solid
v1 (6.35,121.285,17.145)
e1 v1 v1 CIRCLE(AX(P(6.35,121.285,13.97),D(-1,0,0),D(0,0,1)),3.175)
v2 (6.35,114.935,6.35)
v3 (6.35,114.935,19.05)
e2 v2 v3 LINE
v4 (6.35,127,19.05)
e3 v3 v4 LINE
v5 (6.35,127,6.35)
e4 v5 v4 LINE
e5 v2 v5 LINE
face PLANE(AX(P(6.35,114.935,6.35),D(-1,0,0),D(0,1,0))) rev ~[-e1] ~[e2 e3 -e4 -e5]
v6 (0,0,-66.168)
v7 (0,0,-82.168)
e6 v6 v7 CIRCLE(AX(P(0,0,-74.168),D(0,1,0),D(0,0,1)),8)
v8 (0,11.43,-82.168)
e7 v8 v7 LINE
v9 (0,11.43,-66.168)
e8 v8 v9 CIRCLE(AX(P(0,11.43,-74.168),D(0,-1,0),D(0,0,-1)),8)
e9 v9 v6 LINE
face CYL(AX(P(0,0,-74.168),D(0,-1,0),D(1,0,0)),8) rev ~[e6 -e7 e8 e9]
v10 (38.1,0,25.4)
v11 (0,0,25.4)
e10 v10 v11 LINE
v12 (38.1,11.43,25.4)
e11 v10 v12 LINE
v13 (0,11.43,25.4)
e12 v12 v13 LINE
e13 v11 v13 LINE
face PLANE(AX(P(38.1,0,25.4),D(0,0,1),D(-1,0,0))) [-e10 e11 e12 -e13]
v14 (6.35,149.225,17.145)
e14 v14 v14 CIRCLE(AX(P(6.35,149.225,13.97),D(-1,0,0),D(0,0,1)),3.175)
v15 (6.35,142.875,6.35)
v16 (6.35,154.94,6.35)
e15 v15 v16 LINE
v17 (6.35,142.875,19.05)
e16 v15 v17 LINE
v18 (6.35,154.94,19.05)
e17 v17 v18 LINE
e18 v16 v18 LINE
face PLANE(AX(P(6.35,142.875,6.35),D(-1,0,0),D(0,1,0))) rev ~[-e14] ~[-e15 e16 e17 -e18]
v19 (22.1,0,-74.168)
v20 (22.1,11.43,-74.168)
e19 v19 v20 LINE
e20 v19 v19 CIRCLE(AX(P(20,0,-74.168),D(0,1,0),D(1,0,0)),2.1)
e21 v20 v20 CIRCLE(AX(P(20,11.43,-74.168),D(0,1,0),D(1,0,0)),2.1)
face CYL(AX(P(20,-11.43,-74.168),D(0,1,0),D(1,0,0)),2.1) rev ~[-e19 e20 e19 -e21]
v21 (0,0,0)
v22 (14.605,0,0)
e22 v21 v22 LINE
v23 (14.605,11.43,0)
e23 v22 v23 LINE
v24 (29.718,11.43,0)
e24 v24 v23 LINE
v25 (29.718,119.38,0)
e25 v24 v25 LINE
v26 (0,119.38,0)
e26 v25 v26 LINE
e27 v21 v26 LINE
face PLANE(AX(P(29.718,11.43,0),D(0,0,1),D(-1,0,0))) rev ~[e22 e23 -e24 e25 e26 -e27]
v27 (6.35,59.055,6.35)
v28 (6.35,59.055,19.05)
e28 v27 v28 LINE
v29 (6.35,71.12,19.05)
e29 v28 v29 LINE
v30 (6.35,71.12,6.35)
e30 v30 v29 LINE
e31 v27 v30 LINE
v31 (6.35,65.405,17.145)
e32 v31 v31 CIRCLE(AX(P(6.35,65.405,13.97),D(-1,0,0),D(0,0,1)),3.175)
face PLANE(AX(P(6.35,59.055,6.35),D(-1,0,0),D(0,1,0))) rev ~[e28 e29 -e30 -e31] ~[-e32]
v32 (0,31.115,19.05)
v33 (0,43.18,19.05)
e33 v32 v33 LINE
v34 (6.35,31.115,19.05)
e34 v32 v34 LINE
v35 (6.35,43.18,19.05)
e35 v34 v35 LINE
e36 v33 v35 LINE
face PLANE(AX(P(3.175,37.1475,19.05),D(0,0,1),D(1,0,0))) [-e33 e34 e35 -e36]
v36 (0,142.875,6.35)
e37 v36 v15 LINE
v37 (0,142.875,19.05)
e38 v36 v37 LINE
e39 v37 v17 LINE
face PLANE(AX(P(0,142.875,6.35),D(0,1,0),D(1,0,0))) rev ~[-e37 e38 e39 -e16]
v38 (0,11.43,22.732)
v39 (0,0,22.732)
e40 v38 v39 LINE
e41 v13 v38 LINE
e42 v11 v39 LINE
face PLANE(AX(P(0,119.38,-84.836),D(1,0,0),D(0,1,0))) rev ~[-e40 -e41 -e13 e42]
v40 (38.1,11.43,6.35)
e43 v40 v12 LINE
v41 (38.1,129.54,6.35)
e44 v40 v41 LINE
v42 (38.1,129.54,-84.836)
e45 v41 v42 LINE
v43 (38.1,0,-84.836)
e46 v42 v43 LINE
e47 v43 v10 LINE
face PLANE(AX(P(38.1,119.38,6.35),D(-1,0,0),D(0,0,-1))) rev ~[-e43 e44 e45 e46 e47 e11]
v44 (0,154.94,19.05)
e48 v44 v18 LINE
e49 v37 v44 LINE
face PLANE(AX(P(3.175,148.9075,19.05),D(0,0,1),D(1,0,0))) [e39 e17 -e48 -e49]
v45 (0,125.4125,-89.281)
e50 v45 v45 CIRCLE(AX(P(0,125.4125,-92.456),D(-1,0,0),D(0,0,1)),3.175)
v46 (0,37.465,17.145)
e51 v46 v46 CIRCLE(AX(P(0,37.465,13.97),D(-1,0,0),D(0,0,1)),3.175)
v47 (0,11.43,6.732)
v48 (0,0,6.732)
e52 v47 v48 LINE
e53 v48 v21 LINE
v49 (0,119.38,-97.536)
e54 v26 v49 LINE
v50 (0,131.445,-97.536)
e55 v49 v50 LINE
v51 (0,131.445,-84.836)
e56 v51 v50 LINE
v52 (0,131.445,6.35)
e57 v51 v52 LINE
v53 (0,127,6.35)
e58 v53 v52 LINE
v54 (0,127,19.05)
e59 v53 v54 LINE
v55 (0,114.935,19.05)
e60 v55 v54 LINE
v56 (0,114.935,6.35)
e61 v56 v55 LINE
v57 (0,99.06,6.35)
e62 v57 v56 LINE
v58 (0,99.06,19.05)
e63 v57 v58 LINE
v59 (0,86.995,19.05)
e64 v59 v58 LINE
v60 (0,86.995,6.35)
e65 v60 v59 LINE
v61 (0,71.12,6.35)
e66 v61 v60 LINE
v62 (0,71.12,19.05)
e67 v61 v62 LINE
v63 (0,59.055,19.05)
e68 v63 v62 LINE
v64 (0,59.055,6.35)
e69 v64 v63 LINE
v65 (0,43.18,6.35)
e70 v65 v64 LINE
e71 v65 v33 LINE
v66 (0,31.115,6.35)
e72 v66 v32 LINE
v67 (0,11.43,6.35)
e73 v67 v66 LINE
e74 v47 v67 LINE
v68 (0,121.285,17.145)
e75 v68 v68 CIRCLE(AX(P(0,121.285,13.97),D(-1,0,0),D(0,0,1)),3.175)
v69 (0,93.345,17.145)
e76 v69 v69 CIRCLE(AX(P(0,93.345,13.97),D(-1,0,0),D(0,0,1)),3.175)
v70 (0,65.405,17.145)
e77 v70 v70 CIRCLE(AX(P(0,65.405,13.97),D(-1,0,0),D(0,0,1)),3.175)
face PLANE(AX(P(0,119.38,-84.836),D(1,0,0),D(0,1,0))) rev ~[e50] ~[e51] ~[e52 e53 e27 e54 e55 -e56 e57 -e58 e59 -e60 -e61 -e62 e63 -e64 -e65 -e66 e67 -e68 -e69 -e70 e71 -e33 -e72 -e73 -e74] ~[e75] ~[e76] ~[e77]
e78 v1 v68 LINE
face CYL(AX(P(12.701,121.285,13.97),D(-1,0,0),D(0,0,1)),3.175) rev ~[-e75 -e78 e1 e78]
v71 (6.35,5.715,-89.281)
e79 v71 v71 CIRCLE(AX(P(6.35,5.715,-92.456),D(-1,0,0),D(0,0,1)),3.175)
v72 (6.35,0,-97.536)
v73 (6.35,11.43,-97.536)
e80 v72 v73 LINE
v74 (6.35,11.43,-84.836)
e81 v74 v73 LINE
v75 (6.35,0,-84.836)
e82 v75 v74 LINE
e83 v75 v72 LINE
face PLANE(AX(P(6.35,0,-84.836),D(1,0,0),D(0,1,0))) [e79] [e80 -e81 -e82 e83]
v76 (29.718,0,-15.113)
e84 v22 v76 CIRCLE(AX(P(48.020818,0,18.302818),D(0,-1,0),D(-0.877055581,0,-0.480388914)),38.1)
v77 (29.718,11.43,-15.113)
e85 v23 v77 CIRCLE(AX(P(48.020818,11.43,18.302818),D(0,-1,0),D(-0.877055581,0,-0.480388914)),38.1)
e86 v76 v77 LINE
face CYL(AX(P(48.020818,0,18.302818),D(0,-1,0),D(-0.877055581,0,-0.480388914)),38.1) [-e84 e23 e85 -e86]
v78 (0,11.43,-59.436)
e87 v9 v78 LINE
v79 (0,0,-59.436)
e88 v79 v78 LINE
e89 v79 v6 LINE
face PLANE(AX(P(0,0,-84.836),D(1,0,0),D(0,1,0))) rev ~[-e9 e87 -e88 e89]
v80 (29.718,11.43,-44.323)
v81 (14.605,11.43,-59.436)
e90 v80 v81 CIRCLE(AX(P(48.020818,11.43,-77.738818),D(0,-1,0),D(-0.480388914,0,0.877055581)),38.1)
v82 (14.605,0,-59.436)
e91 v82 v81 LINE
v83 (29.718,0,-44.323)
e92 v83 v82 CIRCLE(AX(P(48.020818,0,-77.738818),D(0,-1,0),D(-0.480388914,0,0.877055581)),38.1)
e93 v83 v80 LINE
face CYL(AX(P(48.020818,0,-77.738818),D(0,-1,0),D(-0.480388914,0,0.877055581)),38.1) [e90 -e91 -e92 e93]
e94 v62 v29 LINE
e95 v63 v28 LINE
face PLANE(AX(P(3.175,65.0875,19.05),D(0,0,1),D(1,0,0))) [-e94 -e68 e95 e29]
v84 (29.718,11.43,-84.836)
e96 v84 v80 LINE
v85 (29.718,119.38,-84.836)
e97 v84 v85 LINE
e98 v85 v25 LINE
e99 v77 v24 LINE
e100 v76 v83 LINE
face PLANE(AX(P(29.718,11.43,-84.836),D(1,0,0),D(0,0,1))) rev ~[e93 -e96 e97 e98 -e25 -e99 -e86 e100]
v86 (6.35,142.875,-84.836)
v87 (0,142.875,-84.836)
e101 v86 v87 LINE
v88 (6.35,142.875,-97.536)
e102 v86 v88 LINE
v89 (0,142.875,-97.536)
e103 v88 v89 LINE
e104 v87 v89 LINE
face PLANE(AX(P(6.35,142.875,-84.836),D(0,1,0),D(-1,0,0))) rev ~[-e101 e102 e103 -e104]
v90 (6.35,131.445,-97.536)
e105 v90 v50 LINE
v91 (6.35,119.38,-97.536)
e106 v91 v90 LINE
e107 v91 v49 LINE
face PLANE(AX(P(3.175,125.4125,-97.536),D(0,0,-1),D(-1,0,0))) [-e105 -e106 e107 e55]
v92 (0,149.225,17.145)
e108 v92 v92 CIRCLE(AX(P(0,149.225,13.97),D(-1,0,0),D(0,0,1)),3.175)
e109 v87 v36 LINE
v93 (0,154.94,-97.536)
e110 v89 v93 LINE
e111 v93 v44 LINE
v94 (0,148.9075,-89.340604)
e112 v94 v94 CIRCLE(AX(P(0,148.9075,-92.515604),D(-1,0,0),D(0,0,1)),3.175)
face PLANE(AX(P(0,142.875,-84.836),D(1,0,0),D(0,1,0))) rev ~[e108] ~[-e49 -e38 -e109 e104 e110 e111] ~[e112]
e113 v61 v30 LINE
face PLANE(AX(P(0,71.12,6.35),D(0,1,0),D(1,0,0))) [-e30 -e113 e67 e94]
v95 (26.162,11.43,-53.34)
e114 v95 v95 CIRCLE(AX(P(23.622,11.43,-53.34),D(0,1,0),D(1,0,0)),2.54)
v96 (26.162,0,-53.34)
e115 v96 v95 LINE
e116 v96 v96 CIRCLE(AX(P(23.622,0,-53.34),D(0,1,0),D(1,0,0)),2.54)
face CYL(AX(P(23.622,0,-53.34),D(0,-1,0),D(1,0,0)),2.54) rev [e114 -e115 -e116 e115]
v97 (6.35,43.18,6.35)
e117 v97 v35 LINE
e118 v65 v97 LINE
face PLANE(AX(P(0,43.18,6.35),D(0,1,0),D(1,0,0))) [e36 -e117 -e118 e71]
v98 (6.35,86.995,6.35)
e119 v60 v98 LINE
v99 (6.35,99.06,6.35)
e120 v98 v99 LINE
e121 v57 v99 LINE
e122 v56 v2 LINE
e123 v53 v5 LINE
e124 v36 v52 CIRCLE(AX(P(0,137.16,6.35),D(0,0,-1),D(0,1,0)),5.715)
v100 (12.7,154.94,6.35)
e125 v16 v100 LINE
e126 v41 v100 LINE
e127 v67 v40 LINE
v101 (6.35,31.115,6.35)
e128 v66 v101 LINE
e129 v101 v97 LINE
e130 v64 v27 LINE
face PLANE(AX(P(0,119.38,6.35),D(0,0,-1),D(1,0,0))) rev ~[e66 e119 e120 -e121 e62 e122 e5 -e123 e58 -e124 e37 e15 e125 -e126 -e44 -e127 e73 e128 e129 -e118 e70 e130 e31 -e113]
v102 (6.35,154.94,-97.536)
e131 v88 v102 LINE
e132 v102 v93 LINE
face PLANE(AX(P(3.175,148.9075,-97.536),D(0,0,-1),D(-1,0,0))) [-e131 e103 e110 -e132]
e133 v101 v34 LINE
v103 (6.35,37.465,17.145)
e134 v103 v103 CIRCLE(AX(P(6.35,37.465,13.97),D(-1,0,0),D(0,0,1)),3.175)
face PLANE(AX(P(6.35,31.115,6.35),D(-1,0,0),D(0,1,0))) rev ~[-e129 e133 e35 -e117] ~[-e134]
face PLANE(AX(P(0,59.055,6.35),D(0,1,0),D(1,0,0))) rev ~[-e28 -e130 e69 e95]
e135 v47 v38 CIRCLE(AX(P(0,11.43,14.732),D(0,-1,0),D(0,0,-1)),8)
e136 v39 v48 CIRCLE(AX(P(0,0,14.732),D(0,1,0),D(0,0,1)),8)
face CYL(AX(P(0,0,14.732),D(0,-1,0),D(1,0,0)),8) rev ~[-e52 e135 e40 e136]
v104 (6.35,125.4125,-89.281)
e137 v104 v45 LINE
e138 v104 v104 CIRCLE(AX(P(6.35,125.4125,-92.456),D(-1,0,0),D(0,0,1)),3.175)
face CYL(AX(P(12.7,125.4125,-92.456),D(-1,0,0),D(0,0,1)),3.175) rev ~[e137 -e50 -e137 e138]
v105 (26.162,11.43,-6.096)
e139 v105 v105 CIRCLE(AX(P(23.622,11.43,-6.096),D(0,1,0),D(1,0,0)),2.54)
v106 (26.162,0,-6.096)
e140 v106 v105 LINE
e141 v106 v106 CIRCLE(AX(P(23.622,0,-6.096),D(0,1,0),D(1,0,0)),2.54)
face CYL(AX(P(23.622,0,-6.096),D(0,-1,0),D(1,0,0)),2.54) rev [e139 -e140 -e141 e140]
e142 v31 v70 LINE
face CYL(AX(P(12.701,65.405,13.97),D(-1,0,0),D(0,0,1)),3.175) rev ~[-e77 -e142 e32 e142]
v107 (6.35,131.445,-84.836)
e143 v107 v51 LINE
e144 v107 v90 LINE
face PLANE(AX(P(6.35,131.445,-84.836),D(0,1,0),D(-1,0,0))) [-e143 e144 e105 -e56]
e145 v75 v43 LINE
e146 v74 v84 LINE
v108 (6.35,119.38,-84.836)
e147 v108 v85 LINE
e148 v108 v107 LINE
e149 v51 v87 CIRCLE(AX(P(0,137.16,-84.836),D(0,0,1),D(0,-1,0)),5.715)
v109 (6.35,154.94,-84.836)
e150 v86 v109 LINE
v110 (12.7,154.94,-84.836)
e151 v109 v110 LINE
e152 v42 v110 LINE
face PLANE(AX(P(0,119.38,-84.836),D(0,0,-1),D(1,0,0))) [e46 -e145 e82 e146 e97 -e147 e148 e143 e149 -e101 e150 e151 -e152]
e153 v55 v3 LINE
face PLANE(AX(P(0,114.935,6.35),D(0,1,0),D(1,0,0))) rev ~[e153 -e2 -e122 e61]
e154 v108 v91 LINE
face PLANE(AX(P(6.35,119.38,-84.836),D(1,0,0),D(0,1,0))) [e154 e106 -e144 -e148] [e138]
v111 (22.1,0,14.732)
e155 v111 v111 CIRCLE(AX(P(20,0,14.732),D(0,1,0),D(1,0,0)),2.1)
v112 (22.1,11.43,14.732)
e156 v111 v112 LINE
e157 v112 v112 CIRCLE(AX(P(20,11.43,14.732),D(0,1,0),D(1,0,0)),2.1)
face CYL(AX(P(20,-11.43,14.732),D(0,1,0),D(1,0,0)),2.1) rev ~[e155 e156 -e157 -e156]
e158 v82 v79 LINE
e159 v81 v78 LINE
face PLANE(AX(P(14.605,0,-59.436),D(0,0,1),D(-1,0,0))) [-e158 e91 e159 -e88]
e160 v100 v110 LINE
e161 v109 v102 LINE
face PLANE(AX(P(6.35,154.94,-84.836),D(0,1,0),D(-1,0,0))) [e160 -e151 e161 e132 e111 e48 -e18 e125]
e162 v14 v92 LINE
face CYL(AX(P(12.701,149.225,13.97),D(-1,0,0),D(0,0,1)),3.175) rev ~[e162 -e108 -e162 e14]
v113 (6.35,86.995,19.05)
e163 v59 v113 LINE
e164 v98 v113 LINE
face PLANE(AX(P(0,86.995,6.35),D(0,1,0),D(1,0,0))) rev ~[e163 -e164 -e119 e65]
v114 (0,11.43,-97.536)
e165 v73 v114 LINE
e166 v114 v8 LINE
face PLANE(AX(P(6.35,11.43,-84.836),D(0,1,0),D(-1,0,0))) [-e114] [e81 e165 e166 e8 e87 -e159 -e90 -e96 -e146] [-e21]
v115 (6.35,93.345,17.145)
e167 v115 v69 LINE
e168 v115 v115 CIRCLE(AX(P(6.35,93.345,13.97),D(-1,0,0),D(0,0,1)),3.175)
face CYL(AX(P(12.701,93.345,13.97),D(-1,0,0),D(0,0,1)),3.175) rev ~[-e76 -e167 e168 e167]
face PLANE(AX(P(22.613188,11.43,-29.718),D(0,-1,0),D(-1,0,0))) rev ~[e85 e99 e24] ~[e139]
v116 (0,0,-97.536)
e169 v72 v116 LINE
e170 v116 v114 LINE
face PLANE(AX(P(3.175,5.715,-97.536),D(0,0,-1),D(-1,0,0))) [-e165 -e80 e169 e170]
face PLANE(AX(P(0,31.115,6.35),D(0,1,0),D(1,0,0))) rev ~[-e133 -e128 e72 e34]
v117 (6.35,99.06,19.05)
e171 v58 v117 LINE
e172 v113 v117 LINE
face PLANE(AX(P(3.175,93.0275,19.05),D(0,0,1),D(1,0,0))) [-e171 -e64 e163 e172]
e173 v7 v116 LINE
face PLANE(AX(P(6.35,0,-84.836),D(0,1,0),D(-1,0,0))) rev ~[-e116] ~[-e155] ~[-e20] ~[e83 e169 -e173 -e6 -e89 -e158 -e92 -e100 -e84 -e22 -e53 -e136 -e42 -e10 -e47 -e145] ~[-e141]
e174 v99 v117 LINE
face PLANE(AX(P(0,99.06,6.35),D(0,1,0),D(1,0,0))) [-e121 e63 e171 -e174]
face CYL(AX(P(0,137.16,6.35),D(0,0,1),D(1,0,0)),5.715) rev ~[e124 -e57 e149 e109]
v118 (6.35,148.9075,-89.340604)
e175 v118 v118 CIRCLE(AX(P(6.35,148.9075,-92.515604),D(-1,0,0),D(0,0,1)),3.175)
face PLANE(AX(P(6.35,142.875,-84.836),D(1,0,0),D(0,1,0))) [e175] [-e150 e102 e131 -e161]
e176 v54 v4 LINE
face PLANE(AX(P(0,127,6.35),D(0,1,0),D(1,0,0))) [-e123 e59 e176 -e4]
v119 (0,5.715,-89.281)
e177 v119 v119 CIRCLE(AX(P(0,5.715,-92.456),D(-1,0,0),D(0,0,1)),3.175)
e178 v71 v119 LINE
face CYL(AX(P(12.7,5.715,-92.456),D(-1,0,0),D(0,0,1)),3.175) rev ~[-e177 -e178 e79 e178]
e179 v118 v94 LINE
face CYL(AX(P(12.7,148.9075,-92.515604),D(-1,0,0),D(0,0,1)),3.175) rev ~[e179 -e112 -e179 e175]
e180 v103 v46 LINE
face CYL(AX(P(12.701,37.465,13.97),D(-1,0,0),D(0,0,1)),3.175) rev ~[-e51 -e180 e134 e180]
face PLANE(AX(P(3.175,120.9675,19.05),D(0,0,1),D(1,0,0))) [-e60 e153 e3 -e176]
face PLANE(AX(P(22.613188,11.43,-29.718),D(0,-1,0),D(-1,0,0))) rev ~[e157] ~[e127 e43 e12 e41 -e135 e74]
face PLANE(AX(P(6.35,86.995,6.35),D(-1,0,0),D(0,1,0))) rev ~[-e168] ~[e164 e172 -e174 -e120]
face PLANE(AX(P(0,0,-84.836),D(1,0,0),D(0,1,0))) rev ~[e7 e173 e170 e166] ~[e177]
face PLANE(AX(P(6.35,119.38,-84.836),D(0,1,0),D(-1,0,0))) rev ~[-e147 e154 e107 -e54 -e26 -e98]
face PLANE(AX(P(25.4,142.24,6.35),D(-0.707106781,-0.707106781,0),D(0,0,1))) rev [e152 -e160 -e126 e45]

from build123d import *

# Parameters (mm, degrees)
SKETCH1_R                       = 2.54
BOSS_EXTRUDE1_DEPTH             = 11.43
BOSS_EXTRUDE2_DEPTH             = 107.95
SKETCH3_W                       = 38.1
SKETCH3_H                       = 91.186
BOSS_EXTRUDE3_DEPTH             = 35.56
CUT_EXTRUDE1_REACH              = 93.186
SKETCH4_R                       = 5.715
SKETCH5_W                       = 6.35
SKETCH5_H                       = 12.065
BOSS_EXTRUDE4_DEPTH             = 12.7
F_1_4_0_25_DIAMETER_HOLE2_D     = 6.35
F_1_4_0_25_DIAMETER_HOLE2_DEPTH = 6.351
LPATTERN2_COUNT                 = 5
LPATTERN2_PITCH                 = 27.94
SKETCH13_W                      = 6.35
SKETCH13_H                      = 11.43
BOSS_EXTRUDE5_DEPTH             = 12.7
F_1_4_0_25_DIAMETER_HOLE3_D     = 6.35
F_1_4_0_25_DIAMETER_HOLE3_DEPTH = 6.35
SKETCH16_W                      = 6.35
SKETCH16_H                      = 12.065
BOSS_EXTRUDE6_DEPTH             = 12.7
F_1_4_0_25_DIAMETER_HOLE4_D     = 6.35
F_1_4_0_25_DIAMETER_HOLE4_DEPTH = 6.35
SKETCH19_W                      = 6.35
SKETCH19_H                      = 12.065
BOSS_EXTRUDE7_DEPTH             = 12.7
F_1_4_0_25_DIAMETER_HOLE5_D     = 6.35
F_1_4_0_25_DIAMETER_HOLE5_DEPTH = 6.35
CHAMFER1_SIZE                   = 25.4
TAP_DRILL_FOR_M5X0_8_TAP1_D     = 4.2
TAP_DRILL_FOR_M5X0_8_TAP1_DEPTH = 11.43
CUT_EXTRUDE2_REACH              = 156.94
SKETCH24_R                      = 8


with BuildPart() as part:
    # Sketch1 → Boss-Extrude1 (new body)
    with BuildSketch(Plane(origin=(0, 0, 0), x_dir=(1, 0, 0), z_dir=(0, 1, 0))):
        with BuildLine():
            Line((0, 0), (14.605, 0))
            ThreePointArc((14.605, 0), (21.080049256, 8.637950744), (29.718, 15.113))
            Line((29.718, 15.113), (29.718, 44.323))
            ThreePointArc((29.718, 44.323), (21.080049256, 50.798049256), (14.605, 59.436))
            Line((14.605, 59.436), (0, 59.436))
            Line((0, 59.436), (0, 84.836))
            Line((0, 84.836), (38.1, 84.836))
            Line((38.1, 84.836), (38.1, -25.4))
            Line((38.1, -25.4), (0, -25.4))
            Line((0, -25.4), (0, 0))
        make_face()
        with Locations((23.622, 6.096)):
            Circle(SKETCH1_R, mode=Mode.SUBTRACT)
        with Locations((23.622, 53.34)):
            Circle(SKETCH1_R, mode=Mode.SUBTRACT)
    extrude(amount=BOSS_EXTRUDE1_DEPTH)

    # Sketch2 → Boss-Extrude2 (add)
    with BuildSketch(Plane(origin=(0, 11.43, 0), x_dir=(1, 0, 0), z_dir=(0, 1, 0))):
        Polygon((38.1, 84.836), (29.718, 84.836), (29.718, 0), (0, 0), (0, -6.35), (38.1, -6.35), align=None)
    extrude(amount=BOSS_EXTRUDE2_DEPTH)

    # Sketch3 → Boss-Extrude3 (add)
    with BuildSketch(Plane(origin=(0, 119.38, 0), x_dir=(1, 0, 0), z_dir=(0, 1, 0))):
        with Locations((19.05, 39.243)):
            Rectangle(SKETCH3_W, SKETCH3_H)
    extrude(amount=BOSS_EXTRUDE3_DEPTH)

    # Sketch4 → Cut-Extrude1 (cut, up to next)
    with BuildSketch(Plane.XY.offset(6.35), mode=Mode.PRIVATE) as cut_extrude1_sk1:
        with Locations((0, 137.16)):
            Circle(SKETCH4_R)
    cut_extrude1_tool1 = extrude(cut_extrude1_sk1.sketch, amount=-CUT_EXTRUDE1_REACH, mode=Mode.PRIVATE) & part.part
    add(cut_extrude1_tool1.solids().sort_by_distance((0, 137.16, 6.35))[0], mode=Mode.SUBTRACT)

    # Sketch5 → Boss-Extrude4 (add)
    with BuildSketch(Plane.XY.offset(6.35)):
        with Locations((3.175, 148.9075)):
            Rectangle(SKETCH5_W, SKETCH5_H)
    boss_extrude4 = extrude(amount=BOSS_EXTRUDE4_DEPTH)

    # 1/4 (0.25) Diameter Hole2
    with Locations(Plane(origin=(6.35, 0, 0), x_dir=(0, 0, -1), z_dir=(1, 0, 0))):
        with Locations((-13.97, 149.225)):
            f_1_4_0_25_diameter_hole2 = Hole(F_1_4_0_25_DIAMETER_HOLE2_D / 2, depth=F_1_4_0_25_DIAMETER_HOLE2_DEPTH)

    # LPattern2: Boss-Extrude4, 1/4 (0.25) Diameter Hole2 ×5
    with Locations(*[(0, -i * LPATTERN2_PITCH, 0) for i in range(1, LPATTERN2_COUNT)]):
        add(boss_extrude4)
        add(f_1_4_0_25_diameter_hole2, mode=Mode.SUBTRACT)

    # Sketch13 → Boss-Extrude5 (add)
    with BuildSketch(Plane(origin=(0, 0, -84.836), x_dir=(-1, 0, 0), z_dir=(0, 0, -1))):
        with Locations((-3.175, 5.715)):
            Rectangle(SKETCH13_W, SKETCH13_H)
    extrude(amount=BOSS_EXTRUDE5_DEPTH)

    # 1/4 (0.25) Diameter Hole3
    with Locations(Plane(origin=(6.35, 0, 0), x_dir=(0, 0, -1), z_dir=(1, 0, 0))):
        with Locations((92.456, 5.715)):
            Hole(F_1_4_0_25_DIAMETER_HOLE3_D / 2, depth=F_1_4_0_25_DIAMETER_HOLE3_DEPTH)

    # Sketch16 → Boss-Extrude6 (add)
    with BuildSketch(Plane(origin=(0, 0, -84.836), x_dir=(-1, 0, 0), z_dir=(0, 0, -1))):
        with Locations((-3.175, 148.9075)):
            Rectangle(SKETCH16_W, SKETCH16_H)
    extrude(amount=BOSS_EXTRUDE6_DEPTH)

    # 1/4 (0.25) Diameter Hole4
    with Locations(Plane(origin=(6.35, 0, 0), x_dir=(0, 0, -1), z_dir=(1, 0, 0))):
        with Locations((92.515604356, 148.9075)):
            Hole(F_1_4_0_25_DIAMETER_HOLE4_D / 2, depth=F_1_4_0_25_DIAMETER_HOLE4_DEPTH)

    # Sketch19 → Boss-Extrude7 (add)
    with BuildSketch(Plane(origin=(0, 0, -84.836), x_dir=(-1, 0, 0), z_dir=(0, 0, -1))):
        with Locations((-3.175, 125.4125)):
            Rectangle(SKETCH19_W, SKETCH19_H)
    extrude(amount=BOSS_EXTRUDE7_DEPTH)

    # 1/4 (0.25) Diameter Hole5
    with Locations(Plane(origin=(6.35, 0, 0), x_dir=(0, 0, -1), z_dir=(1, 0, 0))):
        with Locations((92.456, 125.4125)):
            Hole(F_1_4_0_25_DIAMETER_HOLE5_D / 2, depth=F_1_4_0_25_DIAMETER_HOLE5_DEPTH)

    # Chamfer1
    chamfer1_edges = [part.edges().sort_by_distance(p)[0] for p in [
        (38.1, 154.94, -39.243),
    ]]
    chamfer(chamfer1_edges, length=CHAMFER1_SIZE)

    # Tap Drill for M5x0.8 Tap1
    with Locations(Plane(origin=(0, 0, 0), x_dir=(-1, 0, 0), z_dir=(0, -1, 0))):
        with Locations((-20, 74.168), (-20, -14.732)):
            Hole(TAP_DRILL_FOR_M5X0_8_TAP1_D / 2, depth=TAP_DRILL_FOR_M5X0_8_TAP1_DEPTH)

    # Sketch24 → Cut-Extrude2 (cut, up to next)
    with BuildSketch(Plane.XZ, mode=Mode.PRIVATE) as cut_extrude2_sk1:
        with Locations((0, -74.168)):
            Circle(SKETCH24_R)
    cut_extrude2_tool1 = extrude(cut_extrude2_sk1.sketch, amount=-CUT_EXTRUDE2_REACH, mode=Mode.PRIVATE) & part.part
    add(cut_extrude2_tool1.solids().sort_by_distance((0, 0, -74.168))[0], mode=Mode.SUBTRACT)
    # Sketch24 → Cut-Extrude2 (cut, up to next)
    with BuildSketch(Plane.XZ, mode=Mode.PRIVATE) as cut_extrude2_sk2:
        with Locations((0, 14.732)):
            Circle(SKETCH24_R)
    cut_extrude2_tool2 = extrude(cut_extrude2_sk2.sketch, amount=-CUT_EXTRUDE2_REACH, mode=Mode.PRIVATE) & part.part
    add(cut_extrude2_tool2.solids().sort_by_distance((0, 0, 14.732))[0], mode=Mode.SUBTRACT)


solid = part.part
